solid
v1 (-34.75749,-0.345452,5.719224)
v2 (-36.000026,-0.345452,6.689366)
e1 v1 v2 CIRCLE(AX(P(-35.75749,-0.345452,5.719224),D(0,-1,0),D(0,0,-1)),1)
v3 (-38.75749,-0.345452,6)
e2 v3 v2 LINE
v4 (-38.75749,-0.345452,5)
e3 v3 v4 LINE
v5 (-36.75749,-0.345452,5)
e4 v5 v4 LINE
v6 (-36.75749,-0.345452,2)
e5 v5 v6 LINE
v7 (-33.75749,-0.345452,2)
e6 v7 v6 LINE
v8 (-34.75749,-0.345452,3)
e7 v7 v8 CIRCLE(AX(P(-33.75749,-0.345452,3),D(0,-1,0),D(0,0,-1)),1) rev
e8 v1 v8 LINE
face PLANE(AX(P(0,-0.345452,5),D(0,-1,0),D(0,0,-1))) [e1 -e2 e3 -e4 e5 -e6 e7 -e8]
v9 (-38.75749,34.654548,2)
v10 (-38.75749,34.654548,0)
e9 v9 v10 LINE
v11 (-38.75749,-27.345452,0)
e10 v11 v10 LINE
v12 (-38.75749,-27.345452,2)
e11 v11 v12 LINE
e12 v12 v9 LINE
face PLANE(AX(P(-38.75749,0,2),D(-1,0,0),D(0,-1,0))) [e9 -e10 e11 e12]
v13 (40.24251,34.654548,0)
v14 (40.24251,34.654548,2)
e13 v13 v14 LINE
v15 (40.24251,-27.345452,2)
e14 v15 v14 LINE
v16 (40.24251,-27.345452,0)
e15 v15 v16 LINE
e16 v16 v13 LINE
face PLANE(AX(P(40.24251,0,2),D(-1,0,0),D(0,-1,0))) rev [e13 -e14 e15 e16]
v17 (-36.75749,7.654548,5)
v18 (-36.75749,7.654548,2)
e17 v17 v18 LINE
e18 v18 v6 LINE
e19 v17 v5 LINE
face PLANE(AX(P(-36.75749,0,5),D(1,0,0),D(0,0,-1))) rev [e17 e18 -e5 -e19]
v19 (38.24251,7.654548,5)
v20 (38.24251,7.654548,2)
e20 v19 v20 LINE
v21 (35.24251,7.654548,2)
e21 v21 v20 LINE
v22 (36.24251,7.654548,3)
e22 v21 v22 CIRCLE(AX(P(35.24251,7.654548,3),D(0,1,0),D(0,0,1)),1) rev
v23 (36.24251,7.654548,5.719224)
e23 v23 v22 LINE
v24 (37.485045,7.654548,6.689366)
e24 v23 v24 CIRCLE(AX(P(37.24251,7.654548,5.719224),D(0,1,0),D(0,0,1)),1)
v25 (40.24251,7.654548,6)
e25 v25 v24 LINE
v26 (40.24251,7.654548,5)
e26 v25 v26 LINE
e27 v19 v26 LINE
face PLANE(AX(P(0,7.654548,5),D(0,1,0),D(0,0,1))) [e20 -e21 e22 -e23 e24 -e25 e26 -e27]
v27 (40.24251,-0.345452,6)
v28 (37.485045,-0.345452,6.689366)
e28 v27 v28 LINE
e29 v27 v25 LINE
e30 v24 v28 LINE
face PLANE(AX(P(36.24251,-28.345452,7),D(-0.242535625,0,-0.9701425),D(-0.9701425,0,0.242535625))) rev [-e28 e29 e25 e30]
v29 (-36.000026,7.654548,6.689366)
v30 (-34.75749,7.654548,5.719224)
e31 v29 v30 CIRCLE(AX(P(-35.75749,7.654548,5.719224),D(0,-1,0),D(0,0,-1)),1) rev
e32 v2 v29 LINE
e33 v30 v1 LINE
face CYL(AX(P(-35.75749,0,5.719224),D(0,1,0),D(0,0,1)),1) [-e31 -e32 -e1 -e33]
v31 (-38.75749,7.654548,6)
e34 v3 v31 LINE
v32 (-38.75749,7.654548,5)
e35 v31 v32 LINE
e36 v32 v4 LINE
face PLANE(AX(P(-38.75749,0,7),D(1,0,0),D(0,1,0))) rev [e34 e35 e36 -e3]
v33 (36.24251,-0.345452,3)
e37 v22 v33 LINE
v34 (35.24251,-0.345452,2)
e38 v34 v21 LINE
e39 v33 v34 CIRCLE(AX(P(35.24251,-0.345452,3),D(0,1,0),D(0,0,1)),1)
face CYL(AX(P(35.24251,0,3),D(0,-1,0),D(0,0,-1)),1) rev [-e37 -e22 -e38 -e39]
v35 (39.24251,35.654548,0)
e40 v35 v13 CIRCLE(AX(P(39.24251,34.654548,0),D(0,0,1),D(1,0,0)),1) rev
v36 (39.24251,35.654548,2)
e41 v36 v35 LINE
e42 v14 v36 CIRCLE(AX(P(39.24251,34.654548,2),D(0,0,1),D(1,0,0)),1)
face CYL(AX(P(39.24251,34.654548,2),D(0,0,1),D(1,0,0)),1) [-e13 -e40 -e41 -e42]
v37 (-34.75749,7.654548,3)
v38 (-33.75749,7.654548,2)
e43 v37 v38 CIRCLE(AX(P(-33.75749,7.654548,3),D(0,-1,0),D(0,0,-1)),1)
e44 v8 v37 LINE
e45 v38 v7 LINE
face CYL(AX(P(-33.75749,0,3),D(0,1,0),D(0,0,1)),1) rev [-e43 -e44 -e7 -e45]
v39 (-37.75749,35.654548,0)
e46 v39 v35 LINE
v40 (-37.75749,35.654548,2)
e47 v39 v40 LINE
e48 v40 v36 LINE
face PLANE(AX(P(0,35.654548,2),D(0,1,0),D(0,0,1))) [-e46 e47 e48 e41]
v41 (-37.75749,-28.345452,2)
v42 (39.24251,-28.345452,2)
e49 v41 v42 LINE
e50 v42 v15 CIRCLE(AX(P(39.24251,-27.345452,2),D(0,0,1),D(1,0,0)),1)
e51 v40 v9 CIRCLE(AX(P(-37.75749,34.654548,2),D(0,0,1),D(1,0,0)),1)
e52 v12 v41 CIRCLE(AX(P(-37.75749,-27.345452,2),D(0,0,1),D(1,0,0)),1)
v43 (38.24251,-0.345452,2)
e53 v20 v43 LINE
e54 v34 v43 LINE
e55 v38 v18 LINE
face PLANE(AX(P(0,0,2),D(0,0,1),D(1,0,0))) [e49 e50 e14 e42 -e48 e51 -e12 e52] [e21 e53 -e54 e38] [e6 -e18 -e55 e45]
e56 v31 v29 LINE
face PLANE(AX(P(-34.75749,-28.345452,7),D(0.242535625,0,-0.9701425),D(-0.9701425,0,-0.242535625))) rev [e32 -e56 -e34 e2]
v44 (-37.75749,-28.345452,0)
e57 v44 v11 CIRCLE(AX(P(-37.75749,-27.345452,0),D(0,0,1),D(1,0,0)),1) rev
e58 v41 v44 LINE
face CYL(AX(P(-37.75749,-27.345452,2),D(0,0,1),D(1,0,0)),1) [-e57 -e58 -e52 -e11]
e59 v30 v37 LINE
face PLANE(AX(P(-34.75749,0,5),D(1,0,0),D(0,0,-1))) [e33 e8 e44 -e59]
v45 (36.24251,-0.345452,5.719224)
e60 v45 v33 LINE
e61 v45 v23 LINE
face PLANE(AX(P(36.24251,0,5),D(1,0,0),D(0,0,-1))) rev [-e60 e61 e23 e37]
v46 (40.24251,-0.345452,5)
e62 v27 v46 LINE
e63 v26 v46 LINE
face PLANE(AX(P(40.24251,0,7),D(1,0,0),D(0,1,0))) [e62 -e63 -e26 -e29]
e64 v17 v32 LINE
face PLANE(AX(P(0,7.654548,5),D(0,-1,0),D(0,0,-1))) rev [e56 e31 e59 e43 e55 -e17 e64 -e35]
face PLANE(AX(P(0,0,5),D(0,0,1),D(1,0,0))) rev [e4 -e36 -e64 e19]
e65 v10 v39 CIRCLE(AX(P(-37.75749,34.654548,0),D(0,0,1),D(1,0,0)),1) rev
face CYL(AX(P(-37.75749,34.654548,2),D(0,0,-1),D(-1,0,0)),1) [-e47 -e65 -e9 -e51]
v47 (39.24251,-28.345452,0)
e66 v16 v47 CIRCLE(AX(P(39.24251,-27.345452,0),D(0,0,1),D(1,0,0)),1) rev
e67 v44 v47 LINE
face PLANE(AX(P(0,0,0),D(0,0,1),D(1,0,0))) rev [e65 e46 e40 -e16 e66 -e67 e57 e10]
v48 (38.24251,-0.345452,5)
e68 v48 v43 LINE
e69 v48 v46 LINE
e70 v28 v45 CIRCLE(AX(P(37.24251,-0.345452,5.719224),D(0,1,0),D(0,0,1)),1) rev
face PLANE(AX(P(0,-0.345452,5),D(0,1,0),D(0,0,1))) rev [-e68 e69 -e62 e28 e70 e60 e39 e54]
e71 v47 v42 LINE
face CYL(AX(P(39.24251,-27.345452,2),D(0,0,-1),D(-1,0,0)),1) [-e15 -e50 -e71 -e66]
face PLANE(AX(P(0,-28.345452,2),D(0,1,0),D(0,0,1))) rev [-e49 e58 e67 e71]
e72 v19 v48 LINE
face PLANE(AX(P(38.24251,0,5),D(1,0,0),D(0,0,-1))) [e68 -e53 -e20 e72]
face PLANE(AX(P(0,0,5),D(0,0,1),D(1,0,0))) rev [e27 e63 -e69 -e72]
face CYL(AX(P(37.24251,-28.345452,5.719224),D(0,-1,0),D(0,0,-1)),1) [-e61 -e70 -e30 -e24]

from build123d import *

# Parameters (mm, degrees)
SKETCH_211_W             = 2
SKETCH_211_H             = 8
EXTRUDE_1442_DEPTH       = 2
EXTRUDE_START            = 2
SKETCH_3_W               = 2
SKETCH_3_H               = 8
EXTRUDE_1490_DEPTH       = 3
EXTRUDE_START_2          = 5
SKETCH_4_W               = 2
SKETCH_4_H               = 8
EXTRUDE_1_DEPTH          = 2
CUT_EXTRUDE_2_DEPTH      = 55.219059495
CUT_EXTRUDE_2_DEPTH_BACK = 55.219059495
FILLET_2370_R            = 1
FILLET_4_R               = 1


with BuildPart() as part:
    # Sketch 211 → Extrude 1442 (new body)
    with BuildSketch(Plane.XY):
        Polygon((-38.75749015, -0.345451713), (-38.75749015, -28.345451713), (40.24250985, -28.345451713), (40.24250985, -0.345451713), (38.24250985, -0.345451713), (38.24250985, -26.345451713), (-36.75749015, -26.345451713), (-36.75749015, -0.345451713), align=None)
        with Locations((-37.75749015, 3.654548287)):
            Rectangle(SKETCH_211_W, SKETCH_211_H)
        Polygon((-38.75749015, 35.654548287), (-38.75749015, 7.654548287), (-36.75749015, 7.654548287), (-36.75749015, 33.654548287), (38.24250985, 33.654548287), (38.24250985, 7.654548287), (40.24250985, 7.654548287), (40.24250985, 35.654548287), align=None)
        with Locations((-35.75749015, 3.654548287)):
            Rectangle(SKETCH_211_W, SKETCH_211_H)
        with Locations((37.24250985, 3.654548287)):
            Rectangle(SKETCH_211_W, SKETCH_211_H)
        with Locations((39.24250985, 3.654548287)):
            Rectangle(SKETCH_211_W, SKETCH_211_H)
        Polygon((-34.75749015, -0.345451713), (-36.75749015, -0.345451713), (-36.75749015, -26.345451713), (38.24250985, -26.345451713), (38.24250985, -0.345451713), (36.24250985, -0.345451713), (36.24250985, 7.654548287), (38.24250985, 7.654548287), (38.24250985, 33.654548287), (-36.75749015, 33.654548287), (-36.75749015, 7.654548287), (-34.75749015, 7.654548287), align=None)
    extrude(amount=EXTRUDE_1442_DEPTH)

    # Sketch 3 → Extrude 1490 (add)
    with BuildSketch(Plane.XY.offset(EXTRUDE_START)):
        with Locations((-35.75749015, 3.654548287)):
            Rectangle(SKETCH_3_W, SKETCH_3_H)
        with Locations((37.24250985, 3.654548287)):
            Rectangle(SKETCH_3_W, SKETCH_3_H)
    extrude(amount=EXTRUDE_1490_DEPTH)

    # 基体<4> → 扣子-1 (add)
    with BuildSketch(Plane.XY.offset(EXTRUDE_START_2)):
        with Locations((-37.75749015, 3.654548287)):
            Rectangle(SKETCH_4_W, SKETCH_4_H)
        with Locations((-35.75749015, 3.654548287)):
            Rectangle(SKETCH_4_W, SKETCH_4_H)
        with Locations((37.24250985, 3.654548287)):
            Rectangle(SKETCH_4_W, SKETCH_4_H)
        with Locations((39.24250985, 3.654548287)):
            Rectangle(SKETCH_4_W, SKETCH_4_H)
    extrude(amount=EXTRUDE_1_DEPTH)

    # Sketch 3 2 → 切除-拉伸2 (cut, two sides: drawn at the far end of the back side and taken through both)
    with BuildSketch(Plane(origin=(0, 0, 0), x_dir=(1, 0, 0), z_dir=(0, 1, 0)).offset(-CUT_EXTRUDE_2_DEPTH_BACK)):
        Polygon((-34.75749015, -7), (-38.75749015, -6), (-38.75749015, -7), align=None)
        Polygon((36.24250985, -7), (40.24250985, -6), (40.24250985, -7), align=None)
    extrude(amount=CUT_EXTRUDE_2_DEPTH + CUT_EXTRUDE_2_DEPTH_BACK, mode=Mode.SUBTRACT)

    # Fillet 2370
    fillet_2370_edges = [part.edges().sort_by_distance(p)[0] for p in [
        (40.24250985, -28.345451713, 1),
        (-38.75749015, -28.345451713, 1),
        (-38.75749015, 35.654548287, 1),
        (40.24250985, 35.654548287, 1),
    ]]
    fillet(fillet_2370_edges, radius=FILLET_2370_R)

    # 圆角4
    fillet_4_edges = [part.edges().sort_by_distance(p)[0] for p in [
        (-34.75749015, 3.654548287, 2),
        (36.24250985, 3.654548287, 2),
        (-34.75749015, 3.654548287, 7),
        (36.24250985, 3.654548287, 7),
    ]]
    fillet(fillet_4_edges, radius=FILLET_4_R)


solid = part.part
